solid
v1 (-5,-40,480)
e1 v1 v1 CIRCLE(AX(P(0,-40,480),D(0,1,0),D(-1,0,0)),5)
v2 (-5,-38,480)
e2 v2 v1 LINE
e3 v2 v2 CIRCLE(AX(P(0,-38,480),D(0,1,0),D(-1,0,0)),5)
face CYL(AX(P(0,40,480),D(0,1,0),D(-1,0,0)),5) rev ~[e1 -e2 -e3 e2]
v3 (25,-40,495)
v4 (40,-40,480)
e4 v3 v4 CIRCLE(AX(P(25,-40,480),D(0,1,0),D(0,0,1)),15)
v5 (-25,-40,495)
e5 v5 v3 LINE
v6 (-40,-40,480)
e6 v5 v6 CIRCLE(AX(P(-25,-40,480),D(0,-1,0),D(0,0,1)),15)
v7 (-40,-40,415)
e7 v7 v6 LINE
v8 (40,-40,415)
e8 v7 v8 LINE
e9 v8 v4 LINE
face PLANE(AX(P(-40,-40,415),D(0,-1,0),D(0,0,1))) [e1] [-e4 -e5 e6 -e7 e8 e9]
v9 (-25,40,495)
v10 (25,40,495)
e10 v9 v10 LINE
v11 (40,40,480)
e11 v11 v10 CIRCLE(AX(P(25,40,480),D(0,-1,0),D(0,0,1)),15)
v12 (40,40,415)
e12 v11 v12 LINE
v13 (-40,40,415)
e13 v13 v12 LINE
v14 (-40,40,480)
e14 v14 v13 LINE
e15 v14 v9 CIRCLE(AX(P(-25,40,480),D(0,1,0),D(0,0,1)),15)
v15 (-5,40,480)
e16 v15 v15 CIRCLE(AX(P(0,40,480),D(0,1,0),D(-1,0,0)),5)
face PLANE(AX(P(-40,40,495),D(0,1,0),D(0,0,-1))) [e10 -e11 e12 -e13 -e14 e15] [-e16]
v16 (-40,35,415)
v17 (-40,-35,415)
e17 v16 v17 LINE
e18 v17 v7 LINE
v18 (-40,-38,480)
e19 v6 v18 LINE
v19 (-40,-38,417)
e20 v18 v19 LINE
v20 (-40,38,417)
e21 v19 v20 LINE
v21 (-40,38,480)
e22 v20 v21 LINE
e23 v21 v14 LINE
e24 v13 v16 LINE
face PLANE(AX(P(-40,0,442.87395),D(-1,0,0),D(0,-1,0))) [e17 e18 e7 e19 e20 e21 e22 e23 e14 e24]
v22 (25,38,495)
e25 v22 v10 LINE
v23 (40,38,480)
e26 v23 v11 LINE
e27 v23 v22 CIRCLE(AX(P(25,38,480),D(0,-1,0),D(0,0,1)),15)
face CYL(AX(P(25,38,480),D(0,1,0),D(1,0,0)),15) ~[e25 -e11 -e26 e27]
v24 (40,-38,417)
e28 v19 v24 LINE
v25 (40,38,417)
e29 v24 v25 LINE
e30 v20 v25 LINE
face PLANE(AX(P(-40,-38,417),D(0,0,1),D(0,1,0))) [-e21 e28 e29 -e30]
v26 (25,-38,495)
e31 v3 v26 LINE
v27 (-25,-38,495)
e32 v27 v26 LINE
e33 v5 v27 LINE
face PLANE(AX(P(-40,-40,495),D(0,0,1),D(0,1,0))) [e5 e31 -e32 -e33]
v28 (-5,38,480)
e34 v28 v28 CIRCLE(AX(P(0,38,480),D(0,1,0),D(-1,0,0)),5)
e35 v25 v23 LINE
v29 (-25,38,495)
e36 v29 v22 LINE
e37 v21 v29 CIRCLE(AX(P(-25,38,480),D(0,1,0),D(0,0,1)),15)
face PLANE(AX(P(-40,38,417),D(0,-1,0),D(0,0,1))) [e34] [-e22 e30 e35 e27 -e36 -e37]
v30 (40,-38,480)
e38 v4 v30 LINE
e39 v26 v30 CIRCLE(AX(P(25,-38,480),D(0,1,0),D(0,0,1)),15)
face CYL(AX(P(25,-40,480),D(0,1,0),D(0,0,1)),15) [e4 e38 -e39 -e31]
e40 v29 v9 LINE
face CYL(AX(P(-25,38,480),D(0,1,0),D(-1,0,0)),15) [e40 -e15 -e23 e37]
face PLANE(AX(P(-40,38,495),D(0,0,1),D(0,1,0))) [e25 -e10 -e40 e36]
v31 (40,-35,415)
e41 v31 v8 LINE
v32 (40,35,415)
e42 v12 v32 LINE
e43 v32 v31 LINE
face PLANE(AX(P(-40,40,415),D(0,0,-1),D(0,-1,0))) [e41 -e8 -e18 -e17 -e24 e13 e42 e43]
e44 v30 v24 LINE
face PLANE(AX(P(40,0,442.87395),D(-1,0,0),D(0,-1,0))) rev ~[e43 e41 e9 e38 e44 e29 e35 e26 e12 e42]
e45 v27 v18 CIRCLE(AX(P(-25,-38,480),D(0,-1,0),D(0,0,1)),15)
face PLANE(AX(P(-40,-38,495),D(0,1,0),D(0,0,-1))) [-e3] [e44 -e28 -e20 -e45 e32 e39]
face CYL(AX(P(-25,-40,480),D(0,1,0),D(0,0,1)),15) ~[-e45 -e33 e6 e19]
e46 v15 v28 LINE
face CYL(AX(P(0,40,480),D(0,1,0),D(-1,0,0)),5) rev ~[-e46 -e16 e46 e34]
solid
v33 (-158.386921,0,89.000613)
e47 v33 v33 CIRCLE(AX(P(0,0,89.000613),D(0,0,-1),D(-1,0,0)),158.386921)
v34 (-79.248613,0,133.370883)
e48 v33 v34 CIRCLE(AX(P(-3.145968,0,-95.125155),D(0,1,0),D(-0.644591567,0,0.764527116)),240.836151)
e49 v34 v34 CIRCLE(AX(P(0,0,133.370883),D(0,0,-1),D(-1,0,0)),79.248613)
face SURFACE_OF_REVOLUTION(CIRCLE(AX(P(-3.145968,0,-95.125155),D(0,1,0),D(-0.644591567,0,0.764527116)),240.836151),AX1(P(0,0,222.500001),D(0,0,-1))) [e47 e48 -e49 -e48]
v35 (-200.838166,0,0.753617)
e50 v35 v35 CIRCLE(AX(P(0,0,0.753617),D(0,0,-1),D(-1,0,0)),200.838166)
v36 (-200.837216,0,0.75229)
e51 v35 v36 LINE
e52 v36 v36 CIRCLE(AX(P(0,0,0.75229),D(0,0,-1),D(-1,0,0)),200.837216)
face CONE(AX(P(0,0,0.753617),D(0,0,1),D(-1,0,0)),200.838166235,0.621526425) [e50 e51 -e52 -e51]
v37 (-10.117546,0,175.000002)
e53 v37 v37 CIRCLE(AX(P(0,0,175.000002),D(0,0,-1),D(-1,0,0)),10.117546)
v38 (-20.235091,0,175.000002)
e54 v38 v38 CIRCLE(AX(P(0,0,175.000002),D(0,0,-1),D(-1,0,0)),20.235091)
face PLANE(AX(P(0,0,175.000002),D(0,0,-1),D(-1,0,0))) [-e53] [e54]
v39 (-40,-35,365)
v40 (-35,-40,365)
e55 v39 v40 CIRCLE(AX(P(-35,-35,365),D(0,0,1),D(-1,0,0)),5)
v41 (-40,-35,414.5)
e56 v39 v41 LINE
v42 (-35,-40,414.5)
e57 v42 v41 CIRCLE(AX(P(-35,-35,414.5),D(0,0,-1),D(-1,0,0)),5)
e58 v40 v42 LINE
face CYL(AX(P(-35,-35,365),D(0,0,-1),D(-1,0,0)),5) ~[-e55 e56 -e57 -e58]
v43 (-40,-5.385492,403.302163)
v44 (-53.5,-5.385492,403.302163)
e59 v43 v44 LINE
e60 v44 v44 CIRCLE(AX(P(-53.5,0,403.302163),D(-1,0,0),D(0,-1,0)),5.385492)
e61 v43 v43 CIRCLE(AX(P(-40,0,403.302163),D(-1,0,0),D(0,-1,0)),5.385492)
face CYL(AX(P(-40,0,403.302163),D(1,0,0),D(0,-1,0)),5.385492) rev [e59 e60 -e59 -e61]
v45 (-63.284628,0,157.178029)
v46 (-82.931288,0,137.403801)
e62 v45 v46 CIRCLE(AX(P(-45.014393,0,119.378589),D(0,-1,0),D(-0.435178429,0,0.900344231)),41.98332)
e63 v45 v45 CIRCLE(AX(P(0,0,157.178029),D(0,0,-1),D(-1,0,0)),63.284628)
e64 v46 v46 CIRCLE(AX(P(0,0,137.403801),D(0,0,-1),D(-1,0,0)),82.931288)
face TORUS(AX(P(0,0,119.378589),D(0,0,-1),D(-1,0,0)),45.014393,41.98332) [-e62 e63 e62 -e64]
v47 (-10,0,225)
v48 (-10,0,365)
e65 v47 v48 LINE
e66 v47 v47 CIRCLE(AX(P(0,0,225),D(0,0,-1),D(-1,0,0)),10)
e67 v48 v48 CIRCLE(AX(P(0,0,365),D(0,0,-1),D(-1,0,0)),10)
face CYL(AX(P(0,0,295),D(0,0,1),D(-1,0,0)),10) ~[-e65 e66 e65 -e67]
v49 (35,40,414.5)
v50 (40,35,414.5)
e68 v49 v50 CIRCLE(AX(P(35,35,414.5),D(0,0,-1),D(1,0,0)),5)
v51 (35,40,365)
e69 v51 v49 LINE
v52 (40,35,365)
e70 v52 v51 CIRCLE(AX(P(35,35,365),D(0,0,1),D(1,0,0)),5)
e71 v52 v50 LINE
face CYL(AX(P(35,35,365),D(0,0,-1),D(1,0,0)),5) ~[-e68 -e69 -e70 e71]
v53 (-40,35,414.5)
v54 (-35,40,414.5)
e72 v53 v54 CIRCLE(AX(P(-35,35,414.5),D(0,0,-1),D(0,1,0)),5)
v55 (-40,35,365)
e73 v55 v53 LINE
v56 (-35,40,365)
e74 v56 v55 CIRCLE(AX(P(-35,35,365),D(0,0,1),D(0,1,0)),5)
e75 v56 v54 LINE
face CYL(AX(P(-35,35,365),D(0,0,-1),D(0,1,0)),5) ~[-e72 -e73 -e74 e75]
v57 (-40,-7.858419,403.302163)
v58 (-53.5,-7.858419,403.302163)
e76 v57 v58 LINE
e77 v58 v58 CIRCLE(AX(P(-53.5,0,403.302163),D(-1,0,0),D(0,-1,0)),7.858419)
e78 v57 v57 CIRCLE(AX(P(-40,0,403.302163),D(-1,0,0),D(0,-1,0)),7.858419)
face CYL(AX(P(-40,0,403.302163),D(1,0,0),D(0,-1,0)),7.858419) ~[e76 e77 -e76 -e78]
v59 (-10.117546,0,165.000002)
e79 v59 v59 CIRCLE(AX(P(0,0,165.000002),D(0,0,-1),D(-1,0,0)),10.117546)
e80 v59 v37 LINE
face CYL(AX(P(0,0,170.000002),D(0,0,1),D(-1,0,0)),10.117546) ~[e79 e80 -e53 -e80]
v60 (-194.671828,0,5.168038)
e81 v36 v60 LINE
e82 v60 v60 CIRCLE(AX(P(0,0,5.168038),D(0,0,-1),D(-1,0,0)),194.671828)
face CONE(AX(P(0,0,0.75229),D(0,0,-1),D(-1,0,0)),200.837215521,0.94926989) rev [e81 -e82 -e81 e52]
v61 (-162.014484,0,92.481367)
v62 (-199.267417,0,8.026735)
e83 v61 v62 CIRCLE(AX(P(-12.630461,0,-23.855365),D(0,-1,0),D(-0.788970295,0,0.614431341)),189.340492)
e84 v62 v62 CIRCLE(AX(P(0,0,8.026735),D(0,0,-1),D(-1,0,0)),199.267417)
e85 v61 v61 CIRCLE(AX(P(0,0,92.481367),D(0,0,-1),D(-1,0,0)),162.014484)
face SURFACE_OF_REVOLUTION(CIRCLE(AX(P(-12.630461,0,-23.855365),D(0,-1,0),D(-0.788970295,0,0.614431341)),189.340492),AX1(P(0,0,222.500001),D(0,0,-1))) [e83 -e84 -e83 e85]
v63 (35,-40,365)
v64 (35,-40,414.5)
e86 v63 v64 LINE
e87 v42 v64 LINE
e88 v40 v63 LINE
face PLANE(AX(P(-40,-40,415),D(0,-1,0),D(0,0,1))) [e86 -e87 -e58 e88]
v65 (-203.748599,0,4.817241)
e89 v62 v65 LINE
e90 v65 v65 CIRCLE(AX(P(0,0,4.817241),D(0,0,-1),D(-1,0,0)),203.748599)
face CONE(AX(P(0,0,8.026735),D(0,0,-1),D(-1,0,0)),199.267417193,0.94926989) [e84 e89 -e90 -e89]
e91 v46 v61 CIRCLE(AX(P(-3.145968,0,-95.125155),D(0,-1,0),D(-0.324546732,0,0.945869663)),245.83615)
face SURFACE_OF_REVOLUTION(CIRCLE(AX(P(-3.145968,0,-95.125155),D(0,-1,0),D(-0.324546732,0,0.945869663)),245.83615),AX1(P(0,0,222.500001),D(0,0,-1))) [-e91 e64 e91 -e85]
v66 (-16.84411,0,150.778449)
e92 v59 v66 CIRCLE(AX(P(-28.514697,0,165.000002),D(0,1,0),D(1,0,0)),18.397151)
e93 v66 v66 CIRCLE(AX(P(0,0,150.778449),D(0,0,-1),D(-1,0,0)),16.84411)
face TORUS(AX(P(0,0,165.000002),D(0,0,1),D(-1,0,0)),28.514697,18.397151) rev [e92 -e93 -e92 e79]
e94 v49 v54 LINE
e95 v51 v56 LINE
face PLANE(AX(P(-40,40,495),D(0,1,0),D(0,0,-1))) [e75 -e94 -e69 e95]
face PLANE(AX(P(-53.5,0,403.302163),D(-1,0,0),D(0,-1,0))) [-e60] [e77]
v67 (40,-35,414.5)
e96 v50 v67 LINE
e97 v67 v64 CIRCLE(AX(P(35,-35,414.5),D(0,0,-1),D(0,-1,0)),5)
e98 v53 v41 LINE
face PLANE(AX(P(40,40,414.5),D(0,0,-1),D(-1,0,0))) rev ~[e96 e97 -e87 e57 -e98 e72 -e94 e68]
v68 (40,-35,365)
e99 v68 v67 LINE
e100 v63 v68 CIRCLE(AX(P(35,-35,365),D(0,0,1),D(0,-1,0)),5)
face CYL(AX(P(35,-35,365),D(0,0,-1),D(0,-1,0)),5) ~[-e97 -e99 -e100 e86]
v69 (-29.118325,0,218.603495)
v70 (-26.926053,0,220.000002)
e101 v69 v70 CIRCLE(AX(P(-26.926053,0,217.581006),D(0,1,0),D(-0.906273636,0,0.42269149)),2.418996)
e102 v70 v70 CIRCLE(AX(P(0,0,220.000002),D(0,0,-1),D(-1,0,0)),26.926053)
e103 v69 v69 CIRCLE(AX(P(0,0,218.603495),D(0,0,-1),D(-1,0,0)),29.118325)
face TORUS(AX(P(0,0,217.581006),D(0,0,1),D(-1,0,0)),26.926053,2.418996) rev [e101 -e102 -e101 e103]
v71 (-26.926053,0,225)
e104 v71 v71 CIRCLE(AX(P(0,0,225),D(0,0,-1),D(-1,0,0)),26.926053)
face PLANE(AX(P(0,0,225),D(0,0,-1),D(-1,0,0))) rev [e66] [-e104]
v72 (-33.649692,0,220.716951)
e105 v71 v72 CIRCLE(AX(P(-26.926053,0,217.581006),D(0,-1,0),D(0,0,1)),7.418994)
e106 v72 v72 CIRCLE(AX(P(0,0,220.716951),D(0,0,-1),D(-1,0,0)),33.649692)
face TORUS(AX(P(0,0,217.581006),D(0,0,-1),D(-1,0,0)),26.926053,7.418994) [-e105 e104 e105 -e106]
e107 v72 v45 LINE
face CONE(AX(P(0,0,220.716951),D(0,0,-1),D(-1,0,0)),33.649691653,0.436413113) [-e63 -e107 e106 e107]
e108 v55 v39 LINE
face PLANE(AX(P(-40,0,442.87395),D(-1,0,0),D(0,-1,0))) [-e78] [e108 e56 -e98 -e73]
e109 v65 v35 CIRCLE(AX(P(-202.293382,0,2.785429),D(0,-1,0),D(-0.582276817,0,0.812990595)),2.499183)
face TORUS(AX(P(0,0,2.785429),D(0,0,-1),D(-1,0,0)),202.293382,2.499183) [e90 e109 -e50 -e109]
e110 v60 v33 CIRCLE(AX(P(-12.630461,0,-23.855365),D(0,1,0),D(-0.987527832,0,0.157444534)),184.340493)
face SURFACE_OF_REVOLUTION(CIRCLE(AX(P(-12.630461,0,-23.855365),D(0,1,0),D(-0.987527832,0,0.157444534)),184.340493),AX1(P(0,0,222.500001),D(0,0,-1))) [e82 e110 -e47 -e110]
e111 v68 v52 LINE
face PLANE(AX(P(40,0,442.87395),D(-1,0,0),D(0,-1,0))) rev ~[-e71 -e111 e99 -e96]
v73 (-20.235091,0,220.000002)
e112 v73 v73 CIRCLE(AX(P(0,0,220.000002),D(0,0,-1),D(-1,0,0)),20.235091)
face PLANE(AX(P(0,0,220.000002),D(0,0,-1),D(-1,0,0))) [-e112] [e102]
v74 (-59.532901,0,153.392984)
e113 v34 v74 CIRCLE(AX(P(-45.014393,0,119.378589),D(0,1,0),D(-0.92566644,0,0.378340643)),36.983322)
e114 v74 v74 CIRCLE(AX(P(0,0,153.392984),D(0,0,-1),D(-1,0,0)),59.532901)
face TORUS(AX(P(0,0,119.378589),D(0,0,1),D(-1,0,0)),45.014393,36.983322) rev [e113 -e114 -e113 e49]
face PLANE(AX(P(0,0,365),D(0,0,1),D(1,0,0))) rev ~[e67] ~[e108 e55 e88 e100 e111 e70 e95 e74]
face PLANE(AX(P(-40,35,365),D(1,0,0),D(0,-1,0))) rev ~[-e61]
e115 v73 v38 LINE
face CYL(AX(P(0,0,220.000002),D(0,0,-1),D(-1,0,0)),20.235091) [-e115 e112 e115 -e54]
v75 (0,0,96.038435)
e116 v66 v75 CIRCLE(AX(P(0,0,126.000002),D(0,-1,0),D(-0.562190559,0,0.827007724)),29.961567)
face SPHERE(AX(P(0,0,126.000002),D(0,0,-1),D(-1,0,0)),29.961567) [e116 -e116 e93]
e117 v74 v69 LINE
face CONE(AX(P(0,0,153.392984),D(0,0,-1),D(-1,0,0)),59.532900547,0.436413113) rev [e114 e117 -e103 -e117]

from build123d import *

# Parameters (mm, degrees)
F0_W      = 10
F0_H      = 140
F0_W_2    = 10.1175457239
F0_H_2    = 10
F3_DEPTH  = 50
F4_R      = 7.8584187258
F4_R_2    = 5.3854920622
F5_DEPTH  = 13.5
F7_DEPTH  = 80
F8_R      = 15
F9_R      = 5
F10_DEPTH = 244.7935654045
F11_W     = 80
F11_H     = 0.5
F12_DEPTH = 244.7935654045


with BuildPart() as f1:
    # F0 (on Front) → F1 (revolve)
    with BuildSketch(Plane.XZ):
        with BuildLine():
            Line((0, 220.0000015684), (0, 225))
            Line((0, 225), (-10, 225))
            Line((-10, 225), (-26.9260526304, 225))
            ThreePointArc((-26.9260526304, 225), (-30.9120226178, 223.838283054), (-33.6496916525, 220.7169514056))
            Line((-33.6496916525, 220.7169514056), (-63.2846280933, 157.178029418))
            ThreePointArc((-63.2846280933, 157.178029418), (-74.7969954904, 148.9690564671), (-82.9312875867, 137.4038010836))
            ThreePointArc((-82.9312875867, 137.4038010836), (-124.5684520166, 118.6316999814), (-162.0144844056, 92.48136729))
            ThreePointArc((-162.0144844056, 92.48136729), (-185.8663432891, 52.558971392), (-199.2674171925, 8.0267349258))
            Line((-199.2674171925, 8.0267349258), (-203.7485986948, 4.8172413371))
            ThreePointArc((-203.7485986948, 4.8172413371), (-204.3251946094, 1.3302129632), (-200.8381662354, 0.7536170486))
            Line((-200.8381662354, 0.7536170486), (-200.8372155213, 0.7522896359))
            Line((-200.8372155213, 0.7522896359), (-194.6718284064, 5.1680381179))
            ThreePointArc((-194.6718284064, 5.1680381179), (-181.8044218445, 49.3675026985), (-158.3869206883, 89.0006133565))
            ThreePointArc((-158.3869206883, 89.0006133565), (-120.9260393373, 114.946039422), (-79.2486125443, 133.3708830094))
            ThreePointArc((-79.2486125443, 133.3708830094), (-71.3663991192, 145.3273435613), (-59.5329005465, 153.3929835817))
            Line((-59.5329005465, 153.3929835817), (-29.1183248915, 218.603494618))
            ThreePointArc((-29.1183248915, 218.603494618), (-28.2256957862, 219.6212186165), (-26.9260526304, 220.0000015684))
            Line((-26.9260526304, 220.0000015684), (-20.2350914478, 220.0000015684))
            Line((-20.2350914478, 220.0000015684), (0, 220.0000015684))
        make_face()
        with Locations((-5, 295)):
            Rectangle(F0_W, F0_H)
        Polygon((0, 175.0000015684), (0, 220.0000015684), (-20.2350914478, 220.0000015684), (-20.2350914478, 175.0000015684), (-10.1175457239, 175.0000015684), align=None)
        with Locations((-5.058772862, 170.0000015684)):
            Rectangle(F0_W_2, F0_H_2)
        with BuildLine():
            Line((0, 155.9615681598), (0, 165.0000015684))
            Line((0, 165.0000015684), (-10.1175457239, 165.0000015684))
            ThreePointArc((-10.1175457239, 165.0000015684), (-11.8839914849, 157.133947358), (-16.8441098753, 150.7784485561))
            ThreePointArc((-16.8441098753, 150.7784485561), (-8.8117643851, 154.636486706), (0, 155.9615681598))
        make_face()
        with BuildLine():
            Line((0, 126.0000015684), (0, 155.9615681598))
            ThreePointArc((0, 155.9615681598), (-8.8117643851, 154.636486706), (-16.8441098753, 150.7784485561))
            ThreePointArc((-16.8441098753, 150.7784485561), (-28.6364851376, 117.1882371832), (0, 96.0384349769))
            Line((0, 96.0384349769), (0, 126.0000015684))
        make_face()
    revolve(axis=Axis((0, 0, 222.5000007842), (0, 0, -1)))

    # F2 (on face) → F3 (join)
    with BuildSketch(Plane.XY.offset(365)):
        with BuildLine():
            ThreePointArc((40, 35), (38.5355339059, 38.5355339059), (35, 40))
            Line((35, 40), (-35, 40))
            ThreePointArc((-35, 40), (-38.5355339059, 38.5355339059), (-40, 35))
            Line((-40, 35), (-40, -35))
            ThreePointArc((-40, -35), (-38.5355339059, -38.5355339059), (-35, -40))
            Line((-35, -40), (35, -40))
            ThreePointArc((35, -40), (38.5355339059, -38.5355339059), (40, -35))
            Line((40, -35), (40, 35))
        make_face()
    extrude(amount=F3_DEPTH)

    # F4 (on face) → F5 (join)
    with BuildSketch(Plane(origin=(-40, 0, 0), x_dir=(0, -1, 0), z_dir=(-1, 0, 0))):
        with Locations((0, 403.3021628857)):
            Circle(F4_R)
        with Locations((0, 403.3021628857)):
            Circle(F4_R_2, mode=Mode.SUBTRACT)
    extrude(amount=F5_DEPTH)

    # F6 (on face) → F7 (join, through all)
    with BuildSketch(Plane(origin=(-40, 0, 0), x_dir=(0, -1, 0), z_dir=(-1, 0, 0))):
        Polygon((40, 415), (40, 495), (38, 495), (38, 417), (-38, 417), (-38, 495), (-40, 495), (-40, 415), align=None)
    extrude(amount=-F7_DEPTH)

    # F8
    f8_edges = [f1.edges().sort_by_distance(p)[0] for p in [
        (40, 39, 495),
        (40, -39, 495),
        (-40, 39, 495),
        (-40, -39, 495),
    ]]
    fillet(f8_edges, radius=F8_R)

    # F9 (on face) → F10 (cut, through all)
    with BuildSketch(Plane(origin=(0, 40, 0), x_dir=(-1, 0, 0), z_dir=(0, 1, 0))):
        with Locations((0, 480)):
            Circle(F9_R)
    extrude(amount=-F10_DEPTH, mode=Mode.SUBTRACT)

    # F11 (on face) → F12 (cut, through all)
    with BuildSketch(Plane(origin=(0, 40, 0), x_dir=(-1, 0, 0), z_dir=(0, 1, 0))):
        with Locations((4e-10, 414.75)):
            Rectangle(F11_W, F11_H)
    extrude(amount=-F12_DEPTH, mode=Mode.SUBTRACT)


solid = f1.part
